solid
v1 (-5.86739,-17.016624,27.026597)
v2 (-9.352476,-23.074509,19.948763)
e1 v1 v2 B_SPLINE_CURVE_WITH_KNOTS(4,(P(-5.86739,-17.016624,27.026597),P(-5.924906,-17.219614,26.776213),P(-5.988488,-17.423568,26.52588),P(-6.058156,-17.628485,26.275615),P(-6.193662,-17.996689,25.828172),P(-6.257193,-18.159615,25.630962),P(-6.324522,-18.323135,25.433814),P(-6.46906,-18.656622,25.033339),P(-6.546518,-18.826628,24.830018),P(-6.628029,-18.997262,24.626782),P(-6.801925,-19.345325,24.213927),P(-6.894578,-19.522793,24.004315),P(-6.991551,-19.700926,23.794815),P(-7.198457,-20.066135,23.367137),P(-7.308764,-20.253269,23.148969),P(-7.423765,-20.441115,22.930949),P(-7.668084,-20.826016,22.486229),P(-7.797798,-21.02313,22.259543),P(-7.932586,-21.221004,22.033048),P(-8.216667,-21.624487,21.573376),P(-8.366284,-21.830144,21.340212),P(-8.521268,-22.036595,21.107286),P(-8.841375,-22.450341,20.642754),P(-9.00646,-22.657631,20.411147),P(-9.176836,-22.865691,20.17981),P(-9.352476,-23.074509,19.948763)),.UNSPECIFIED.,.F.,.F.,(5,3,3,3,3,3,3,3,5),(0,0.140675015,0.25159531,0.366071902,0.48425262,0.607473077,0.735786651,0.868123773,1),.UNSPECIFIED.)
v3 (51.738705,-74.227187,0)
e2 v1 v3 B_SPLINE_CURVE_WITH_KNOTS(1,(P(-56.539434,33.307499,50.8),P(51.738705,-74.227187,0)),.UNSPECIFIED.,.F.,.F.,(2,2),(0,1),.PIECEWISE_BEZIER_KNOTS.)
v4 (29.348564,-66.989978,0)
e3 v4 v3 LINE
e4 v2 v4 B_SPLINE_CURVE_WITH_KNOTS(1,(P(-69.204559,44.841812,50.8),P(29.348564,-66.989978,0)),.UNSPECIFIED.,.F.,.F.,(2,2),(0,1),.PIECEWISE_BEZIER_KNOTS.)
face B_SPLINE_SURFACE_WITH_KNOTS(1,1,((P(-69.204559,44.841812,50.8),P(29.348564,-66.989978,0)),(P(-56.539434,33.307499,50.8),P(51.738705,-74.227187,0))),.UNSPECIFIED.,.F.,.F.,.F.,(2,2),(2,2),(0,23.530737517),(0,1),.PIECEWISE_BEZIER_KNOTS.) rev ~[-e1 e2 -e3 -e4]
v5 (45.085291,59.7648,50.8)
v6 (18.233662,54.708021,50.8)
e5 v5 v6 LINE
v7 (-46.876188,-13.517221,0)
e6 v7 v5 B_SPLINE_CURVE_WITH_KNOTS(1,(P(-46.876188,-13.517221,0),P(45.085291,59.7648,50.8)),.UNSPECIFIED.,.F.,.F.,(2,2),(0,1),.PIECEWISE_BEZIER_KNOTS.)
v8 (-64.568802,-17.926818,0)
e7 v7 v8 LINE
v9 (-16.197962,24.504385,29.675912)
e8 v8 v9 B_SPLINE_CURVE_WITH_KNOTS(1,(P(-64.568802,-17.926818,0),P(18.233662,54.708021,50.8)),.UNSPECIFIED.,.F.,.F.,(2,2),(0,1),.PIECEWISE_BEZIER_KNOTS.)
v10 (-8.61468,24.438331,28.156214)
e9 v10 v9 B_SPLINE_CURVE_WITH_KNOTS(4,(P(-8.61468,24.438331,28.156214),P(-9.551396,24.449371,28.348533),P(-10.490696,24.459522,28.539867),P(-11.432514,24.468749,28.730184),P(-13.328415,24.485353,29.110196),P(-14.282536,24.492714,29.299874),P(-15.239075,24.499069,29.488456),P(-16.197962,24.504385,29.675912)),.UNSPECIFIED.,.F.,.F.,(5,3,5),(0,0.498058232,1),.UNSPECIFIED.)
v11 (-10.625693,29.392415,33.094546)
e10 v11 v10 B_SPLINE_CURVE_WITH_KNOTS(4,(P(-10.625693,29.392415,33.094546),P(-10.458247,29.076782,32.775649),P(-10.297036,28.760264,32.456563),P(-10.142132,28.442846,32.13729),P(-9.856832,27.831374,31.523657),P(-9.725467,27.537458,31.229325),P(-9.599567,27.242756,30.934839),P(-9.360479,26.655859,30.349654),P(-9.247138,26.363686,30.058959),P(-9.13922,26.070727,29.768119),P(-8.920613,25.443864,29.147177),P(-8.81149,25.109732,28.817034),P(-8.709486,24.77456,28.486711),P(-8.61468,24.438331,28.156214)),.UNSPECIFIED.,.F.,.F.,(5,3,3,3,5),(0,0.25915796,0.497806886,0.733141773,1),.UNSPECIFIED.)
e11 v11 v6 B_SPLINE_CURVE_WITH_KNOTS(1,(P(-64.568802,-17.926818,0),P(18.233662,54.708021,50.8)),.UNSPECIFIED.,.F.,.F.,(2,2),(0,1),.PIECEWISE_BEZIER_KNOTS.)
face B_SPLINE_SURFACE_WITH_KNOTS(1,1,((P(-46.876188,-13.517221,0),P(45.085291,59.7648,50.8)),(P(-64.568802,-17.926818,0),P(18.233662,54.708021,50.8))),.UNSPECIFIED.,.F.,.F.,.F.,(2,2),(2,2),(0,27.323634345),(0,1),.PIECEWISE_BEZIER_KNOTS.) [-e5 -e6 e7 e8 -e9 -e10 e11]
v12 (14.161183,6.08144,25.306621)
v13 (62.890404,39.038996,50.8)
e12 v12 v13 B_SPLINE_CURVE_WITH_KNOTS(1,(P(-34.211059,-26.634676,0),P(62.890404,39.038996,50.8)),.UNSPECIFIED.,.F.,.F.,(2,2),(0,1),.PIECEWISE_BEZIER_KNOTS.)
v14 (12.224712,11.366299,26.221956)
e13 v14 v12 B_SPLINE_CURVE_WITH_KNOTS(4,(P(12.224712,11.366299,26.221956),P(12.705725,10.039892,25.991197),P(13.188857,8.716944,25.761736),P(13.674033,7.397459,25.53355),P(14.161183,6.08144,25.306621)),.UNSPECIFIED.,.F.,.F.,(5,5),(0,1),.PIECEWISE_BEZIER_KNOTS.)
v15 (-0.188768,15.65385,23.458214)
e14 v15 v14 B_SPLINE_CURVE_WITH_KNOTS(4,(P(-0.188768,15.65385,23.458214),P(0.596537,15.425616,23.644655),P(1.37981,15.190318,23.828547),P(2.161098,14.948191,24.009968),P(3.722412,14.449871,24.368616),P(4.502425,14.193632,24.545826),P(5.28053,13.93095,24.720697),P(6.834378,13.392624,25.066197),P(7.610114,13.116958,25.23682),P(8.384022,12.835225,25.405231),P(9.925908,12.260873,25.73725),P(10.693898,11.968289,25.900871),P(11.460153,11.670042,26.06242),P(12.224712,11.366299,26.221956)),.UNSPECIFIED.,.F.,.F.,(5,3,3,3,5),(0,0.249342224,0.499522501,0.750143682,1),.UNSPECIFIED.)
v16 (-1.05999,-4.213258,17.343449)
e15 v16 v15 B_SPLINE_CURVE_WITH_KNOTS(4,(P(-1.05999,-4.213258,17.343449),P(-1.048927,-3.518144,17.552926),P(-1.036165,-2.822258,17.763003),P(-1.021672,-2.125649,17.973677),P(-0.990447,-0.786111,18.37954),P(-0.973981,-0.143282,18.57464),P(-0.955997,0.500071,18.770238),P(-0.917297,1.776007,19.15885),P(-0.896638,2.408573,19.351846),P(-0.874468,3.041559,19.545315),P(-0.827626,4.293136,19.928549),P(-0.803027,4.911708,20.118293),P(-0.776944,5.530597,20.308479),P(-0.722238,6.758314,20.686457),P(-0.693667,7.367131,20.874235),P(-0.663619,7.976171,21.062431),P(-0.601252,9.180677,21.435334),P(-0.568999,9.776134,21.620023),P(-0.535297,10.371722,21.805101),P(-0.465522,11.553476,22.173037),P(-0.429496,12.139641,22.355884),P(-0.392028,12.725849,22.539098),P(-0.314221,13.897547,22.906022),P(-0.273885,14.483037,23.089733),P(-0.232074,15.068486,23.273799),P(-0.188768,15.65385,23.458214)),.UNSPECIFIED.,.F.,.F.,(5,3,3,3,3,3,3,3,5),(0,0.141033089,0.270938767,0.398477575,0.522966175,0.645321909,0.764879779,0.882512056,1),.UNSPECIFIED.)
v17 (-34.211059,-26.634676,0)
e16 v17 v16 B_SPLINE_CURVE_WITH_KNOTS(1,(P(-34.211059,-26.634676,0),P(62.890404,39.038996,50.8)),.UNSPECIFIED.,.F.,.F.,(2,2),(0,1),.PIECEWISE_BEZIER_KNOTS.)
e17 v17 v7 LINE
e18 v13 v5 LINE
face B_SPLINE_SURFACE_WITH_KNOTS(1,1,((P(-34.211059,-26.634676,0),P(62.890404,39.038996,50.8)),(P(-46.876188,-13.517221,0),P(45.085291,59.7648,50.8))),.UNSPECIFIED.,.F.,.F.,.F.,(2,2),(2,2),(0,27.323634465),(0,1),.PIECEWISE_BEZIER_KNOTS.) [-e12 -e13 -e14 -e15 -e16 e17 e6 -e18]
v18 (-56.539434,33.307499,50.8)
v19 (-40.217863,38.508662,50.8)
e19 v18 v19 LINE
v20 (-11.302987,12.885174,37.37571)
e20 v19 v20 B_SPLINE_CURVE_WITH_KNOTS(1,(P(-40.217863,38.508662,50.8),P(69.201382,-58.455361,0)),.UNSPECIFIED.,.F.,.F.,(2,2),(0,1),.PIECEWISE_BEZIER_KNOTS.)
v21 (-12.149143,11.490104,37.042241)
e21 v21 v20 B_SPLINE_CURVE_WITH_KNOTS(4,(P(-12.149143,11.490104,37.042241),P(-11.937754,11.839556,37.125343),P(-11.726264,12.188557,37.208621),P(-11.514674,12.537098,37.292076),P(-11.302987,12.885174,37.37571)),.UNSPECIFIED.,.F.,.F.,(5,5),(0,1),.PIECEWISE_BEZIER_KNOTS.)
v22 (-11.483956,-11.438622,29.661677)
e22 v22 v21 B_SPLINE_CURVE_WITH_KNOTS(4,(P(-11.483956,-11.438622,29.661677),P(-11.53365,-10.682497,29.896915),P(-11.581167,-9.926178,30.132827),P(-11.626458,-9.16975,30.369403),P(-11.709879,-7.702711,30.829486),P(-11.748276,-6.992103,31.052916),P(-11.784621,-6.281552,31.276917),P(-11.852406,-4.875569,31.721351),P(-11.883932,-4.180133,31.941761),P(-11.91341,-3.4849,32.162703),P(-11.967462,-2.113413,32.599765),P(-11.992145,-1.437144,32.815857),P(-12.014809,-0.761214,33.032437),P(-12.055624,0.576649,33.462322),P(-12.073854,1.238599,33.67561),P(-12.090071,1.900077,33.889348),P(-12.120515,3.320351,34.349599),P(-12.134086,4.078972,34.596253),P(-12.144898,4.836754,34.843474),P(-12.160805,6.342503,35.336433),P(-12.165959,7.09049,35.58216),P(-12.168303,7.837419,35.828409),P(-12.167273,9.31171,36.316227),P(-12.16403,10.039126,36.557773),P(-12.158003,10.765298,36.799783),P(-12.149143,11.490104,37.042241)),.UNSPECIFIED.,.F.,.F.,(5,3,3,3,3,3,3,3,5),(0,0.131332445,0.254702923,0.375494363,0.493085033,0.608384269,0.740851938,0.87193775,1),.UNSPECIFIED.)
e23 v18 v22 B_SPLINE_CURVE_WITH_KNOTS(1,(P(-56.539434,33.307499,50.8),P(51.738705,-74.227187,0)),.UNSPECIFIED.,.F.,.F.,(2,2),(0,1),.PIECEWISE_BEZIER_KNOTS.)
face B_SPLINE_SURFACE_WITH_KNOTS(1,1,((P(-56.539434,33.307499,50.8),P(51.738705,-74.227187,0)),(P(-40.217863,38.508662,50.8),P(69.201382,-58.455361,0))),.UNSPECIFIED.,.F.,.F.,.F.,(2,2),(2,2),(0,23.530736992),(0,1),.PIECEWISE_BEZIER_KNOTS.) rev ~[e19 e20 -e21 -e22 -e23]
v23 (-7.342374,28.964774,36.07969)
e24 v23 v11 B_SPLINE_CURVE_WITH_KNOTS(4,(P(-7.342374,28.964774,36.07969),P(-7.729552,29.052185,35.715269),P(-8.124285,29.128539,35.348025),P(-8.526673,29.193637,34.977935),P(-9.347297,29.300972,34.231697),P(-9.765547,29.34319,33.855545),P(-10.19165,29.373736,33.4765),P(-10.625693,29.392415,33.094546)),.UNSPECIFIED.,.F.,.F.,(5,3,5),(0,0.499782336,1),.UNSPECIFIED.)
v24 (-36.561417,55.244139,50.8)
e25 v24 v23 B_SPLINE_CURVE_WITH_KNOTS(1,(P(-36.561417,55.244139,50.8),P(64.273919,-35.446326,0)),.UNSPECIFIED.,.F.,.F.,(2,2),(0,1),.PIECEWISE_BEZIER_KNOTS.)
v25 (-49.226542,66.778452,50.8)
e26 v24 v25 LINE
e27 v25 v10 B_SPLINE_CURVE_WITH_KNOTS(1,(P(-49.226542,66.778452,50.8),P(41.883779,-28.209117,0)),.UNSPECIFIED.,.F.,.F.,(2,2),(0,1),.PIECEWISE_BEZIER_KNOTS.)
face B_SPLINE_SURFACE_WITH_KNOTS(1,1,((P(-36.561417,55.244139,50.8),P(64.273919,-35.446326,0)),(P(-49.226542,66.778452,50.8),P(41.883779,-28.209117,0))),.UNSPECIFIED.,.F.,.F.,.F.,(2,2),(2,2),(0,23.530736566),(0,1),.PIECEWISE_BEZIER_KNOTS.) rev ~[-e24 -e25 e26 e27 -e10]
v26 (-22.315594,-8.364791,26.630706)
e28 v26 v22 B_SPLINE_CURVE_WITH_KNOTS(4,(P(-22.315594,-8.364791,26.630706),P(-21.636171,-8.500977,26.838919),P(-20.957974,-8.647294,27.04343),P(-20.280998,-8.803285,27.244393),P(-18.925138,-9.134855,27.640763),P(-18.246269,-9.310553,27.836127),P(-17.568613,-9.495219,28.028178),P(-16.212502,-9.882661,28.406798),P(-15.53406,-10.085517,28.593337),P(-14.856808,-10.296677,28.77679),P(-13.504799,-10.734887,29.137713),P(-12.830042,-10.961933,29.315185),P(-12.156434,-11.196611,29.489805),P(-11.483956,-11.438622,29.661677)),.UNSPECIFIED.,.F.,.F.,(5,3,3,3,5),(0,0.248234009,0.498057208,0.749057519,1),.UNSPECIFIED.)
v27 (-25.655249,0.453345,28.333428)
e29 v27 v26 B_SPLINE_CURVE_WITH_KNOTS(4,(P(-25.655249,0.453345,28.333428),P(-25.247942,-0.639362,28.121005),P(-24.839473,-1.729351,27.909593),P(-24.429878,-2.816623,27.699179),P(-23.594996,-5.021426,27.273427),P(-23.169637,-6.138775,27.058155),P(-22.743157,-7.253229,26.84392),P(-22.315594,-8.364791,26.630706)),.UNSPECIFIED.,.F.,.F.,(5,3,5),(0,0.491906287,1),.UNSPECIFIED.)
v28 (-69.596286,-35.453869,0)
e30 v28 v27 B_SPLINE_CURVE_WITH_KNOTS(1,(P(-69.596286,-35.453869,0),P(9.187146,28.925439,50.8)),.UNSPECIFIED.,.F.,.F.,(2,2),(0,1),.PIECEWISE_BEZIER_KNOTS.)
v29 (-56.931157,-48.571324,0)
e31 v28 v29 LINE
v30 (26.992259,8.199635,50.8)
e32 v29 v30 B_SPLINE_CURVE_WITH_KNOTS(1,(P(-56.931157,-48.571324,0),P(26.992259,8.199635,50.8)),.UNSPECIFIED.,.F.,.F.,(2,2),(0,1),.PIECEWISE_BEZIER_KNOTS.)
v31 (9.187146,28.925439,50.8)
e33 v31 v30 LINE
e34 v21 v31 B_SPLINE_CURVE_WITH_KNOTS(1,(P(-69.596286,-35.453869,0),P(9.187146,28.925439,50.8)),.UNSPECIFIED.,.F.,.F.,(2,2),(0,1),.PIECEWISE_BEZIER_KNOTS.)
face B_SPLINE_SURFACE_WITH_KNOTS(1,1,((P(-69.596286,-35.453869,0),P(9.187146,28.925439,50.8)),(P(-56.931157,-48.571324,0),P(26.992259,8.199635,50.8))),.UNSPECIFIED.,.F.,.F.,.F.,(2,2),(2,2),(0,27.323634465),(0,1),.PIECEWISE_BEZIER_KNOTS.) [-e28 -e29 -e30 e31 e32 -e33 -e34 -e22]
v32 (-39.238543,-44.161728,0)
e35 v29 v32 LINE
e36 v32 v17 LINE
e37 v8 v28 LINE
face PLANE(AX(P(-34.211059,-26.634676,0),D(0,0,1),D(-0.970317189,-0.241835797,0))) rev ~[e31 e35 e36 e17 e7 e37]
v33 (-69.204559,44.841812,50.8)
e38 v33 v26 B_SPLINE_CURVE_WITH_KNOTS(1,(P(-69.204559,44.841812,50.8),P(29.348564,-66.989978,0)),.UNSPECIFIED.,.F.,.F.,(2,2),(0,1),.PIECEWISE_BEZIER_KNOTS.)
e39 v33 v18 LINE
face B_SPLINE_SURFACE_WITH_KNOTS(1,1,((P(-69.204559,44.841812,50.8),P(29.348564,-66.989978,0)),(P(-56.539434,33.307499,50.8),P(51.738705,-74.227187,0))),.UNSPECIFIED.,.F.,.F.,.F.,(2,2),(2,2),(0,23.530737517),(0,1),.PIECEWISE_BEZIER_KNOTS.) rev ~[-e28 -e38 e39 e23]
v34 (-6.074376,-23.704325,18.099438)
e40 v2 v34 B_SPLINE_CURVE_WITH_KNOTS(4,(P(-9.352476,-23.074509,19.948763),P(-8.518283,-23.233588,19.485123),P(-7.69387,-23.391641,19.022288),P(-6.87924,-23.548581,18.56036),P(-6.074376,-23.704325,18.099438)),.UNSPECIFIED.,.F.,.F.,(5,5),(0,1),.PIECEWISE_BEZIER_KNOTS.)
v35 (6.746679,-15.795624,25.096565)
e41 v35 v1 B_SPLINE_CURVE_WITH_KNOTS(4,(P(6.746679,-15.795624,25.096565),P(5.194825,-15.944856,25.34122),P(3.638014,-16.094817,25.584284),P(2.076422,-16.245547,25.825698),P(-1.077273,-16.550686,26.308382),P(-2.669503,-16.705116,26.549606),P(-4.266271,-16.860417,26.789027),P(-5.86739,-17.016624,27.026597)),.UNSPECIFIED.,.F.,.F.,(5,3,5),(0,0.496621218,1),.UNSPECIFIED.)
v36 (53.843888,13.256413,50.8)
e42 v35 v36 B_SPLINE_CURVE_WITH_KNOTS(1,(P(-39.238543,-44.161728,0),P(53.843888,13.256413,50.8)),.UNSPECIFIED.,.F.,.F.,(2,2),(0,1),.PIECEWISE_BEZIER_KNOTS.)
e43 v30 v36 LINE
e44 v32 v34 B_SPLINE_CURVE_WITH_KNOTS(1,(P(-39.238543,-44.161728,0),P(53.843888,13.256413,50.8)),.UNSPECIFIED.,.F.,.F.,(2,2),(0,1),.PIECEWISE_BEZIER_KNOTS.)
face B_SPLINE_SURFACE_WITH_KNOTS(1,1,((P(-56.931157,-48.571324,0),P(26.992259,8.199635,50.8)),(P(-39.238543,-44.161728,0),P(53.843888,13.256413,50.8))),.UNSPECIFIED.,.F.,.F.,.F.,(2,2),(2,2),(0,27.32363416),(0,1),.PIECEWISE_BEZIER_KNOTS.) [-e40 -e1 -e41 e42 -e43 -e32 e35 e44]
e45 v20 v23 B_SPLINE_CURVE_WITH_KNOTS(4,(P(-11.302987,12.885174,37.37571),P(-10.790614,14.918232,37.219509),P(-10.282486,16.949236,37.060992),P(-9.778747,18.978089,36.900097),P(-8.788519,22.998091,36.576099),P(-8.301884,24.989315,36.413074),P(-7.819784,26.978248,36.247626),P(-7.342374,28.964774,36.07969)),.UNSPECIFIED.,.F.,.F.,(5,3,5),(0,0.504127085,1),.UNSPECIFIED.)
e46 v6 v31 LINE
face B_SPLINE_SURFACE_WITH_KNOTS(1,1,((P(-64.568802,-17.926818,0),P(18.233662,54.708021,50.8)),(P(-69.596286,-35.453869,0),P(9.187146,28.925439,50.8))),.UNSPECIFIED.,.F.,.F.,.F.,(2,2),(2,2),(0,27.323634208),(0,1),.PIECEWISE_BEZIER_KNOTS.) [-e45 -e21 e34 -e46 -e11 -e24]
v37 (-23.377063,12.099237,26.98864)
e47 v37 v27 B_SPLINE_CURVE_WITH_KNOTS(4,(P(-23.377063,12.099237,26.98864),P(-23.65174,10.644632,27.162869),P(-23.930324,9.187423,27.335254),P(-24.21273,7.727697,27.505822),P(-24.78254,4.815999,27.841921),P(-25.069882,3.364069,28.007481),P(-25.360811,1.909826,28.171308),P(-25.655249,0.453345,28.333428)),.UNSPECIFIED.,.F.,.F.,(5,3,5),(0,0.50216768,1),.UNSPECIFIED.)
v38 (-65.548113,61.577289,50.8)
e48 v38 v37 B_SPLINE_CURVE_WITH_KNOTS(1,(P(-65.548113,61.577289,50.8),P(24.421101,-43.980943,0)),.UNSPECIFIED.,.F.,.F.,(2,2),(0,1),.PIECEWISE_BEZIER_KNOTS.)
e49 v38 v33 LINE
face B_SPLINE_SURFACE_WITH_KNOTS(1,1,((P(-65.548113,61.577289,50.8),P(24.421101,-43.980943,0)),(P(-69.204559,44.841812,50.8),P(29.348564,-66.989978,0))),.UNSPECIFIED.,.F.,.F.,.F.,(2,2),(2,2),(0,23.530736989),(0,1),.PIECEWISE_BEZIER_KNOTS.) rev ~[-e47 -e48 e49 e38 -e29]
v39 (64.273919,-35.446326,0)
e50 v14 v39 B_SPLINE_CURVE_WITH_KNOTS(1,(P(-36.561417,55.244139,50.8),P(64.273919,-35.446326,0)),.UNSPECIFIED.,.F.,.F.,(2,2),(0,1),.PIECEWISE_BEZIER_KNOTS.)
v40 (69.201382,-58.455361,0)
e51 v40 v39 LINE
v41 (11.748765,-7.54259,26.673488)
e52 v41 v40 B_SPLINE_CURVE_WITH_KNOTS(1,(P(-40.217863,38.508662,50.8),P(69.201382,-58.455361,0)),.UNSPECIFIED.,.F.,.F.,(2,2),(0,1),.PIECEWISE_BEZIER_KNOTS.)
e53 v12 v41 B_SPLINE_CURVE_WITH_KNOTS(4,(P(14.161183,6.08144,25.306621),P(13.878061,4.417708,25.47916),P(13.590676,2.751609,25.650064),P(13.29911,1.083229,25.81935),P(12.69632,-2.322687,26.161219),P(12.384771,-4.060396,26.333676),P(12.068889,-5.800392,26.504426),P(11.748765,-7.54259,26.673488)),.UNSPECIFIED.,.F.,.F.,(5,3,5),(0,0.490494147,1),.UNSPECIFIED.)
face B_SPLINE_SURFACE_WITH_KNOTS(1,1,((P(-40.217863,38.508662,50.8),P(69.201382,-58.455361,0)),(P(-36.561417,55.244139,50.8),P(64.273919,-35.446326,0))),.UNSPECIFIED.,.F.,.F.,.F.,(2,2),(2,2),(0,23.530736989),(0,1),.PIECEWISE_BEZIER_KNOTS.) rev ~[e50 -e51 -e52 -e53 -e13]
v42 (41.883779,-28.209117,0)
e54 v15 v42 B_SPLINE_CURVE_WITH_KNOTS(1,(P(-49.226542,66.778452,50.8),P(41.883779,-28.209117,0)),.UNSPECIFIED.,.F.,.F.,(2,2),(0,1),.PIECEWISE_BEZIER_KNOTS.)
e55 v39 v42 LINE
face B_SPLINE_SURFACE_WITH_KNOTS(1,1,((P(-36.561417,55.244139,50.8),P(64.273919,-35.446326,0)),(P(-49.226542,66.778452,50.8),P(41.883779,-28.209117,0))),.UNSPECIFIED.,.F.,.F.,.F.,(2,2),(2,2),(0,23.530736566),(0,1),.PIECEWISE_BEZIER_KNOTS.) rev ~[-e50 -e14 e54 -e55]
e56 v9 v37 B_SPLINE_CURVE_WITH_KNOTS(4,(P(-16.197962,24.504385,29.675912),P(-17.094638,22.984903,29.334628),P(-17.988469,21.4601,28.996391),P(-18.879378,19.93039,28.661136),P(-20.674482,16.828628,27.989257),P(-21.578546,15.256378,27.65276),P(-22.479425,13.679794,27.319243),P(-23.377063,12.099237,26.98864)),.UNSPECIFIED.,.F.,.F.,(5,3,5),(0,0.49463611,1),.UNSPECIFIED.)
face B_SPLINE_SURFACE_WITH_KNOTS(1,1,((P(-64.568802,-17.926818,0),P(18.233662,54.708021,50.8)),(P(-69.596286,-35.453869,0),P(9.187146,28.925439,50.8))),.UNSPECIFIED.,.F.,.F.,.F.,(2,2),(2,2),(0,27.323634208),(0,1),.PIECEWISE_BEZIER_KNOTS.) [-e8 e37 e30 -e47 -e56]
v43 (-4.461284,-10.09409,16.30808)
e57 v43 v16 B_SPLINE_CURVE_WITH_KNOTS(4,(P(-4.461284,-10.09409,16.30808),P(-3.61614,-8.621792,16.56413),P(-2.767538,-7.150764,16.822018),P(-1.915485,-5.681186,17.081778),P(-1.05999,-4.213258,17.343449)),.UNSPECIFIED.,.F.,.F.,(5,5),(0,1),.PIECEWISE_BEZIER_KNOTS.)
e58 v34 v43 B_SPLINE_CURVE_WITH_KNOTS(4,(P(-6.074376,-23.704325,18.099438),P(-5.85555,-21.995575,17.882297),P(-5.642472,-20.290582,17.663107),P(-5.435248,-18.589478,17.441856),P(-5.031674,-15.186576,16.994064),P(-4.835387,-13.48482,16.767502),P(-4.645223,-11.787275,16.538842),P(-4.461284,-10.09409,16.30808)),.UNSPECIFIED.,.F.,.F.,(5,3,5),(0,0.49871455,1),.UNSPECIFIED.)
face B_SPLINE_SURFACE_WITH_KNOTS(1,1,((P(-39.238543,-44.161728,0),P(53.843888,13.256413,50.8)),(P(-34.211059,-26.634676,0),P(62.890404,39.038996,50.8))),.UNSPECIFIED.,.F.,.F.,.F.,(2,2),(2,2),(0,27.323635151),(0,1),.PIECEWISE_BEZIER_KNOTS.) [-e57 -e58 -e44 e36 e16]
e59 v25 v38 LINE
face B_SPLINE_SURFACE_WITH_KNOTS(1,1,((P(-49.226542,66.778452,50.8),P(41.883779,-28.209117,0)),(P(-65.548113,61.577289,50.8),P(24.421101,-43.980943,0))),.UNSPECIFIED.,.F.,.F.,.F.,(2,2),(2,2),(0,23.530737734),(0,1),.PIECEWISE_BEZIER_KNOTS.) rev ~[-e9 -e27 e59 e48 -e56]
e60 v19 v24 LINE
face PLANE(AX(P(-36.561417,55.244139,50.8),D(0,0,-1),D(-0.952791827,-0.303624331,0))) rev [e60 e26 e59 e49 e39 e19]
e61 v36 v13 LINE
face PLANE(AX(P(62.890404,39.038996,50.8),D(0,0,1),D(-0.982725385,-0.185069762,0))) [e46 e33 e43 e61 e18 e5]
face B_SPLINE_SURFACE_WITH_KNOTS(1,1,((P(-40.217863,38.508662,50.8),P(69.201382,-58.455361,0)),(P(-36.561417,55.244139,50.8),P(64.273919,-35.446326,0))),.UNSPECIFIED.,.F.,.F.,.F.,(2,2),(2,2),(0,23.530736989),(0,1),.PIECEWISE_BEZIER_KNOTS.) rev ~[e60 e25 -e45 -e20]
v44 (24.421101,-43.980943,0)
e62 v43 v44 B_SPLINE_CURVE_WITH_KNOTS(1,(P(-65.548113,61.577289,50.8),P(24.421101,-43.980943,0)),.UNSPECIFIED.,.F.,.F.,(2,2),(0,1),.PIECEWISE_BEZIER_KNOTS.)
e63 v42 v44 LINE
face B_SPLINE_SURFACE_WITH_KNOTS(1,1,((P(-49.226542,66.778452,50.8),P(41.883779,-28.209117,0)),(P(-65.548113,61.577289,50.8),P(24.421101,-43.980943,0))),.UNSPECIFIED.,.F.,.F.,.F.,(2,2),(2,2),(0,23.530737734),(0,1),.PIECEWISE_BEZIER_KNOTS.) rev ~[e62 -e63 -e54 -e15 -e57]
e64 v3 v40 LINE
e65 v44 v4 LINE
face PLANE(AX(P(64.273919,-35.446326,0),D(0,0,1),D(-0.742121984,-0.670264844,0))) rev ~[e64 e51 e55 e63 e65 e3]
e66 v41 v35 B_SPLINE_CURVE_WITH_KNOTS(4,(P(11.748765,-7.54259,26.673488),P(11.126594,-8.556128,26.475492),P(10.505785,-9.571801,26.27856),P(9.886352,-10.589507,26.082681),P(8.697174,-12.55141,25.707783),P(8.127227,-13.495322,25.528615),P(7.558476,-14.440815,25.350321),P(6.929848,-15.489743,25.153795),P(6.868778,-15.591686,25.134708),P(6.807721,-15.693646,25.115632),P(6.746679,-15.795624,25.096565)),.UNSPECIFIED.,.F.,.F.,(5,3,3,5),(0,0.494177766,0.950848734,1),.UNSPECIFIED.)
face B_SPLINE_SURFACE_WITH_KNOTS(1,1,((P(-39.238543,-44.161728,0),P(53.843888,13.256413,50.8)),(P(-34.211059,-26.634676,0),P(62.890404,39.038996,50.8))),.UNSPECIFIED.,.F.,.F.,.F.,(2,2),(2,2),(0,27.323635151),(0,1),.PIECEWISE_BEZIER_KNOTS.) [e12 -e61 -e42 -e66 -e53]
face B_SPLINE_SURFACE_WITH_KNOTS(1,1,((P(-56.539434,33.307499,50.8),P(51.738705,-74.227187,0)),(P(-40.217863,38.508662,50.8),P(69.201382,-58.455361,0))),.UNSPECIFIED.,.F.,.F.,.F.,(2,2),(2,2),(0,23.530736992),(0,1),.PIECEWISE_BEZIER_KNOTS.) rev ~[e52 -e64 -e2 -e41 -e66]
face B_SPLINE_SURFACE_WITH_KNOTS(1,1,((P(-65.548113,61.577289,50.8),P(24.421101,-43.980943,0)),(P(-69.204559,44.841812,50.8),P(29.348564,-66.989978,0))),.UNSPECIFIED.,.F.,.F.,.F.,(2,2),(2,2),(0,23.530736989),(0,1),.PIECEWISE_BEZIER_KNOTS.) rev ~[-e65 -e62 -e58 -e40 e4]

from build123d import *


with BuildPart() as f3:
    # F2 (on Top) → F3 section 0
    with BuildSketch(Plane.XY):
        Polygon((-34.211059, -26.634676), (-46.876188, -13.517221), (-64.568802, -17.926818), (-69.596286, -35.453869), (-56.931157, -48.571324), (-39.238543, -44.161728), align=None)
    # F1 (on offset) → F3 section 1
    with BuildSketch(Plane.XY.offset(50.8)):
        Polygon((18.233662, 54.708021), (9.187146, 28.925439), (26.992259, 8.199635), (53.843888, 13.256413), (62.890404, 39.038996), (45.085291, 59.7648), align=None)
    loft()

    # F5 (on offset) → F6 section 0
    with BuildSketch(Plane.XY.offset(50.8)):
        Polygon((-36.561417, 55.244139), (-49.226542, 66.778452), (-65.548113, 61.577289), (-69.204559, 44.841812), (-56.539434, 33.307499), (-40.217863, 38.508662), align=None)
    # F4 (on Top) → F6 section 1
    with BuildSketch(Plane.XY):
        Polygon((64.273919, -35.446326), (41.883779, -28.209117), (24.421101, -43.980943), (29.348564, -66.989978), (51.738705, -74.227187), (69.201382, -58.455361), align=None)
    loft()


solid = f3.part
